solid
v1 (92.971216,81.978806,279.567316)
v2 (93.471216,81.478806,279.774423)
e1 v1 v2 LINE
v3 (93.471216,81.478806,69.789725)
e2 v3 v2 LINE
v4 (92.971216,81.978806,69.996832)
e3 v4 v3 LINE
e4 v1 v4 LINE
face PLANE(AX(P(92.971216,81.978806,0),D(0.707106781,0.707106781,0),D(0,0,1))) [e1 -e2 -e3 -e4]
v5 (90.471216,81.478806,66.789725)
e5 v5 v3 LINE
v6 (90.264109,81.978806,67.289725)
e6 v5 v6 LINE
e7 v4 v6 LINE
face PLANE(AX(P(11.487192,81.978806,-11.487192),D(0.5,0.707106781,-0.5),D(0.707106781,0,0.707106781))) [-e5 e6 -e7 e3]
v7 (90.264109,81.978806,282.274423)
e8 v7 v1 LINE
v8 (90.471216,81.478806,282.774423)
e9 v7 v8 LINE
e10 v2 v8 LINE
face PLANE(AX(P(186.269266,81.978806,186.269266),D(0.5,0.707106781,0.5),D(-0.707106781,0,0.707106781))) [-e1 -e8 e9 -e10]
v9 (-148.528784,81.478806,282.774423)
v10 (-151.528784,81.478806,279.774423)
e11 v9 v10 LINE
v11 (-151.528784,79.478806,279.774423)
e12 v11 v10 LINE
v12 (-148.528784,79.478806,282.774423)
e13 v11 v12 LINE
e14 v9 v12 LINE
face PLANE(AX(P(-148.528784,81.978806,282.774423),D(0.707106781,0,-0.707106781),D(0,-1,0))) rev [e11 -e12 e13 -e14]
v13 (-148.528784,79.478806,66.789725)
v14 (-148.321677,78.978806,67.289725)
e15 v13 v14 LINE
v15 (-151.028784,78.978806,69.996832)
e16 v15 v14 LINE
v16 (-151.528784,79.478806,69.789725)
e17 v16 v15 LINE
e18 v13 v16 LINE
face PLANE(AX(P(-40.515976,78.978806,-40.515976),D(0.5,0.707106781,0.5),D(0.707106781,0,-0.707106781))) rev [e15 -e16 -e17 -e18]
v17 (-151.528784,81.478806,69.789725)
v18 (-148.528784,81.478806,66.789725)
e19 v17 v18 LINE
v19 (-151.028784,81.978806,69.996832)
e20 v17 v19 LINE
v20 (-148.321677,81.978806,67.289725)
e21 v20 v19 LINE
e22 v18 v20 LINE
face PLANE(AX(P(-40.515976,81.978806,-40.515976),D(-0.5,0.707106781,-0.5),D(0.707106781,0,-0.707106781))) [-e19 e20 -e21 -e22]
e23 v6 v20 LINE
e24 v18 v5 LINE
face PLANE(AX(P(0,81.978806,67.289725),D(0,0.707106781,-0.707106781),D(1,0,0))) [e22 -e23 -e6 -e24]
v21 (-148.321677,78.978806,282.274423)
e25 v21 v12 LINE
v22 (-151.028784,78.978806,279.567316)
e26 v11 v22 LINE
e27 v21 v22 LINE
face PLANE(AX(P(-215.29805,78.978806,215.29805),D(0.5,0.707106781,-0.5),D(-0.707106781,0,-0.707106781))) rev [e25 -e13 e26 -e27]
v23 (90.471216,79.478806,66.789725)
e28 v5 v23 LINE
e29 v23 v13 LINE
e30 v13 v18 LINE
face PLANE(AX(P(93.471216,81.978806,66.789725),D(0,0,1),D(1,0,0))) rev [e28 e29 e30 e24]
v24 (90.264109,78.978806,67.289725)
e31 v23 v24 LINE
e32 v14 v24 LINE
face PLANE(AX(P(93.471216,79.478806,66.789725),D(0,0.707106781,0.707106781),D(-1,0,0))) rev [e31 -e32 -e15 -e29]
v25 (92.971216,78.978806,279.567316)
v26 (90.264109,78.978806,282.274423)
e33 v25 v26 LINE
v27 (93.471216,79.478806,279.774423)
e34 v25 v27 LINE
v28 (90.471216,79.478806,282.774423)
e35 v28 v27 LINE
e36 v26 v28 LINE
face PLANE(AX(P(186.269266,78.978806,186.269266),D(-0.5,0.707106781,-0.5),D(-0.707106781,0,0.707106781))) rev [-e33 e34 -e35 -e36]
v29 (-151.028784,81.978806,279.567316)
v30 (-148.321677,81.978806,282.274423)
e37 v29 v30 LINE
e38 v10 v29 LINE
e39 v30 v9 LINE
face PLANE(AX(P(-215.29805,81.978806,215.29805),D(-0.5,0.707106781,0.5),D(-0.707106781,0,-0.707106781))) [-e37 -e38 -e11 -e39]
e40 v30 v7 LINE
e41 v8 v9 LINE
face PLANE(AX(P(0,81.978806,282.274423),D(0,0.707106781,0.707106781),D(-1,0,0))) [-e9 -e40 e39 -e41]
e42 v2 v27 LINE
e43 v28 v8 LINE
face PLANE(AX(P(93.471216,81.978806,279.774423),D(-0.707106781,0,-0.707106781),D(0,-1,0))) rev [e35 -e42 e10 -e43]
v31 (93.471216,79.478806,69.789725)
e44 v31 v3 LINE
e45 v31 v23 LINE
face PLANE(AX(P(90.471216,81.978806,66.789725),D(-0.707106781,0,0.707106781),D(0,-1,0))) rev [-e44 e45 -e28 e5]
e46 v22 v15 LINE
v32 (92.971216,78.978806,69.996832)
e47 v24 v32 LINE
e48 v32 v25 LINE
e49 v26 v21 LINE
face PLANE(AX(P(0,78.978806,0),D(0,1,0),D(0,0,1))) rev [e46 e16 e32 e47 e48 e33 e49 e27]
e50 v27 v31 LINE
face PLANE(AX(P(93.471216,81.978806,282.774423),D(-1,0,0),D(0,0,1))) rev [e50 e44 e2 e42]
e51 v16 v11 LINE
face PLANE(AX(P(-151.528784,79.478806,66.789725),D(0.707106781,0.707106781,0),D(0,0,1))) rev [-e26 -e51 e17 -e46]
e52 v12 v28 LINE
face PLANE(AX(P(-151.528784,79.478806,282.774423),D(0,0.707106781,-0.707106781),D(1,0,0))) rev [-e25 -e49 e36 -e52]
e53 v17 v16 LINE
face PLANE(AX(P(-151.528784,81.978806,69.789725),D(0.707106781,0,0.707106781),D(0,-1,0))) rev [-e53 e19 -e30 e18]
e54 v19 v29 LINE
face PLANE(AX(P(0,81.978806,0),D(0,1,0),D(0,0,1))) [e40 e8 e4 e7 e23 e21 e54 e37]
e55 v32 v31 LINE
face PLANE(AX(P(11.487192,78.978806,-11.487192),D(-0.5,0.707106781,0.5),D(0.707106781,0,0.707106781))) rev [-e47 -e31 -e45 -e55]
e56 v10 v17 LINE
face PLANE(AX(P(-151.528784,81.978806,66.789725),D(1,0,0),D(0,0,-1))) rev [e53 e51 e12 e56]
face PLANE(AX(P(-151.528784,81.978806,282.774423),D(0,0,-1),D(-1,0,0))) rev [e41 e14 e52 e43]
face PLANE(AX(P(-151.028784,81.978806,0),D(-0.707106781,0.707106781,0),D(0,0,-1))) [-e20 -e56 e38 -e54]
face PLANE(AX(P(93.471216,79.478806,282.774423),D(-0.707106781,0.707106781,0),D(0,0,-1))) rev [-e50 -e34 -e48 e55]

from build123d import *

# Parameters (mm, degrees)
CROQUIS1_W              = 245
CROQUIS1_H              = 215.984697531
SALIENTE_EXTRUIR1_DEPTH = 3
CHAFL_N1_SIZE           = 3
CHAFL_N2_SIZE           = 0.5
CHAFL_N3_SIZE           = 0.5


with BuildPart() as part:
    # Croquis1 → Saliente-Extruir1 (new body)
    with BuildSketch(Plane(origin=(0, 78.978806339, 0), x_dir=(1, 0, 0), z_dir=(0, 1, 0))):
        with Locations((-29.028784153, -174.782074069)):
            Rectangle(CROQUIS1_W, CROQUIS1_H)
    extrude(amount=SALIENTE_EXTRUIR1_DEPTH)

    # Chaflán1
    chafl_n1_edges = [part.edges().sort_by_distance(p)[0] for p in [
        (93.471215847, 80.478806339, 66.789725304),
        (93.471215847, 80.478806339, 282.774422835),
        (-151.528784153, 80.478806339, 282.774422835),
        (-151.528784153, 80.478806339, 66.789725304),
    ]]
    chamfer(chafl_n1_edges, length=CHAFL_N1_SIZE)

    # Chaflán2
    chafl_n2_edges = [part.edges().sort_by_distance(p)[0] for p in [
        (-151.528784153, 81.978806339, 174.78207407),
        (-29.028784153, 81.978806339, 66.789725304),
        (-29.028784153, 81.978806339, 282.774422835),
        (93.471215847, 81.978806339, 174.78207407),
        (91.971215847, 81.978806339, 281.274422835),
        (91.971215847, 81.978806339, 68.289725304),
        (-150.028784153, 81.978806339, 281.274422835),
        (-150.028784153, 81.978806339, 68.289725304),
    ]]
    chamfer(chafl_n2_edges, length=CHAFL_N2_SIZE)

    # Chaflán3
    chafl_n3_edges = [part.edges().sort_by_distance(p)[0] for p in [
        (-151.528784153, 78.978806339, 174.78207407),
        (-29.028784153, 78.978806339, 66.789725304),
        (93.471215847, 78.978806339, 174.78207407),
        (-29.028784153, 78.978806339, 282.774422835),
        (91.971215847, 78.978806339, 281.274422835),
        (91.971215847, 78.978806339, 68.289725304),
        (-150.028784153, 78.978806339, 281.274422835),
        (-150.028784153, 78.978806339, 68.289725304),
    ]]
    chamfer(chafl_n3_edges, length=CHAFL_N3_SIZE)


solid = part.part
